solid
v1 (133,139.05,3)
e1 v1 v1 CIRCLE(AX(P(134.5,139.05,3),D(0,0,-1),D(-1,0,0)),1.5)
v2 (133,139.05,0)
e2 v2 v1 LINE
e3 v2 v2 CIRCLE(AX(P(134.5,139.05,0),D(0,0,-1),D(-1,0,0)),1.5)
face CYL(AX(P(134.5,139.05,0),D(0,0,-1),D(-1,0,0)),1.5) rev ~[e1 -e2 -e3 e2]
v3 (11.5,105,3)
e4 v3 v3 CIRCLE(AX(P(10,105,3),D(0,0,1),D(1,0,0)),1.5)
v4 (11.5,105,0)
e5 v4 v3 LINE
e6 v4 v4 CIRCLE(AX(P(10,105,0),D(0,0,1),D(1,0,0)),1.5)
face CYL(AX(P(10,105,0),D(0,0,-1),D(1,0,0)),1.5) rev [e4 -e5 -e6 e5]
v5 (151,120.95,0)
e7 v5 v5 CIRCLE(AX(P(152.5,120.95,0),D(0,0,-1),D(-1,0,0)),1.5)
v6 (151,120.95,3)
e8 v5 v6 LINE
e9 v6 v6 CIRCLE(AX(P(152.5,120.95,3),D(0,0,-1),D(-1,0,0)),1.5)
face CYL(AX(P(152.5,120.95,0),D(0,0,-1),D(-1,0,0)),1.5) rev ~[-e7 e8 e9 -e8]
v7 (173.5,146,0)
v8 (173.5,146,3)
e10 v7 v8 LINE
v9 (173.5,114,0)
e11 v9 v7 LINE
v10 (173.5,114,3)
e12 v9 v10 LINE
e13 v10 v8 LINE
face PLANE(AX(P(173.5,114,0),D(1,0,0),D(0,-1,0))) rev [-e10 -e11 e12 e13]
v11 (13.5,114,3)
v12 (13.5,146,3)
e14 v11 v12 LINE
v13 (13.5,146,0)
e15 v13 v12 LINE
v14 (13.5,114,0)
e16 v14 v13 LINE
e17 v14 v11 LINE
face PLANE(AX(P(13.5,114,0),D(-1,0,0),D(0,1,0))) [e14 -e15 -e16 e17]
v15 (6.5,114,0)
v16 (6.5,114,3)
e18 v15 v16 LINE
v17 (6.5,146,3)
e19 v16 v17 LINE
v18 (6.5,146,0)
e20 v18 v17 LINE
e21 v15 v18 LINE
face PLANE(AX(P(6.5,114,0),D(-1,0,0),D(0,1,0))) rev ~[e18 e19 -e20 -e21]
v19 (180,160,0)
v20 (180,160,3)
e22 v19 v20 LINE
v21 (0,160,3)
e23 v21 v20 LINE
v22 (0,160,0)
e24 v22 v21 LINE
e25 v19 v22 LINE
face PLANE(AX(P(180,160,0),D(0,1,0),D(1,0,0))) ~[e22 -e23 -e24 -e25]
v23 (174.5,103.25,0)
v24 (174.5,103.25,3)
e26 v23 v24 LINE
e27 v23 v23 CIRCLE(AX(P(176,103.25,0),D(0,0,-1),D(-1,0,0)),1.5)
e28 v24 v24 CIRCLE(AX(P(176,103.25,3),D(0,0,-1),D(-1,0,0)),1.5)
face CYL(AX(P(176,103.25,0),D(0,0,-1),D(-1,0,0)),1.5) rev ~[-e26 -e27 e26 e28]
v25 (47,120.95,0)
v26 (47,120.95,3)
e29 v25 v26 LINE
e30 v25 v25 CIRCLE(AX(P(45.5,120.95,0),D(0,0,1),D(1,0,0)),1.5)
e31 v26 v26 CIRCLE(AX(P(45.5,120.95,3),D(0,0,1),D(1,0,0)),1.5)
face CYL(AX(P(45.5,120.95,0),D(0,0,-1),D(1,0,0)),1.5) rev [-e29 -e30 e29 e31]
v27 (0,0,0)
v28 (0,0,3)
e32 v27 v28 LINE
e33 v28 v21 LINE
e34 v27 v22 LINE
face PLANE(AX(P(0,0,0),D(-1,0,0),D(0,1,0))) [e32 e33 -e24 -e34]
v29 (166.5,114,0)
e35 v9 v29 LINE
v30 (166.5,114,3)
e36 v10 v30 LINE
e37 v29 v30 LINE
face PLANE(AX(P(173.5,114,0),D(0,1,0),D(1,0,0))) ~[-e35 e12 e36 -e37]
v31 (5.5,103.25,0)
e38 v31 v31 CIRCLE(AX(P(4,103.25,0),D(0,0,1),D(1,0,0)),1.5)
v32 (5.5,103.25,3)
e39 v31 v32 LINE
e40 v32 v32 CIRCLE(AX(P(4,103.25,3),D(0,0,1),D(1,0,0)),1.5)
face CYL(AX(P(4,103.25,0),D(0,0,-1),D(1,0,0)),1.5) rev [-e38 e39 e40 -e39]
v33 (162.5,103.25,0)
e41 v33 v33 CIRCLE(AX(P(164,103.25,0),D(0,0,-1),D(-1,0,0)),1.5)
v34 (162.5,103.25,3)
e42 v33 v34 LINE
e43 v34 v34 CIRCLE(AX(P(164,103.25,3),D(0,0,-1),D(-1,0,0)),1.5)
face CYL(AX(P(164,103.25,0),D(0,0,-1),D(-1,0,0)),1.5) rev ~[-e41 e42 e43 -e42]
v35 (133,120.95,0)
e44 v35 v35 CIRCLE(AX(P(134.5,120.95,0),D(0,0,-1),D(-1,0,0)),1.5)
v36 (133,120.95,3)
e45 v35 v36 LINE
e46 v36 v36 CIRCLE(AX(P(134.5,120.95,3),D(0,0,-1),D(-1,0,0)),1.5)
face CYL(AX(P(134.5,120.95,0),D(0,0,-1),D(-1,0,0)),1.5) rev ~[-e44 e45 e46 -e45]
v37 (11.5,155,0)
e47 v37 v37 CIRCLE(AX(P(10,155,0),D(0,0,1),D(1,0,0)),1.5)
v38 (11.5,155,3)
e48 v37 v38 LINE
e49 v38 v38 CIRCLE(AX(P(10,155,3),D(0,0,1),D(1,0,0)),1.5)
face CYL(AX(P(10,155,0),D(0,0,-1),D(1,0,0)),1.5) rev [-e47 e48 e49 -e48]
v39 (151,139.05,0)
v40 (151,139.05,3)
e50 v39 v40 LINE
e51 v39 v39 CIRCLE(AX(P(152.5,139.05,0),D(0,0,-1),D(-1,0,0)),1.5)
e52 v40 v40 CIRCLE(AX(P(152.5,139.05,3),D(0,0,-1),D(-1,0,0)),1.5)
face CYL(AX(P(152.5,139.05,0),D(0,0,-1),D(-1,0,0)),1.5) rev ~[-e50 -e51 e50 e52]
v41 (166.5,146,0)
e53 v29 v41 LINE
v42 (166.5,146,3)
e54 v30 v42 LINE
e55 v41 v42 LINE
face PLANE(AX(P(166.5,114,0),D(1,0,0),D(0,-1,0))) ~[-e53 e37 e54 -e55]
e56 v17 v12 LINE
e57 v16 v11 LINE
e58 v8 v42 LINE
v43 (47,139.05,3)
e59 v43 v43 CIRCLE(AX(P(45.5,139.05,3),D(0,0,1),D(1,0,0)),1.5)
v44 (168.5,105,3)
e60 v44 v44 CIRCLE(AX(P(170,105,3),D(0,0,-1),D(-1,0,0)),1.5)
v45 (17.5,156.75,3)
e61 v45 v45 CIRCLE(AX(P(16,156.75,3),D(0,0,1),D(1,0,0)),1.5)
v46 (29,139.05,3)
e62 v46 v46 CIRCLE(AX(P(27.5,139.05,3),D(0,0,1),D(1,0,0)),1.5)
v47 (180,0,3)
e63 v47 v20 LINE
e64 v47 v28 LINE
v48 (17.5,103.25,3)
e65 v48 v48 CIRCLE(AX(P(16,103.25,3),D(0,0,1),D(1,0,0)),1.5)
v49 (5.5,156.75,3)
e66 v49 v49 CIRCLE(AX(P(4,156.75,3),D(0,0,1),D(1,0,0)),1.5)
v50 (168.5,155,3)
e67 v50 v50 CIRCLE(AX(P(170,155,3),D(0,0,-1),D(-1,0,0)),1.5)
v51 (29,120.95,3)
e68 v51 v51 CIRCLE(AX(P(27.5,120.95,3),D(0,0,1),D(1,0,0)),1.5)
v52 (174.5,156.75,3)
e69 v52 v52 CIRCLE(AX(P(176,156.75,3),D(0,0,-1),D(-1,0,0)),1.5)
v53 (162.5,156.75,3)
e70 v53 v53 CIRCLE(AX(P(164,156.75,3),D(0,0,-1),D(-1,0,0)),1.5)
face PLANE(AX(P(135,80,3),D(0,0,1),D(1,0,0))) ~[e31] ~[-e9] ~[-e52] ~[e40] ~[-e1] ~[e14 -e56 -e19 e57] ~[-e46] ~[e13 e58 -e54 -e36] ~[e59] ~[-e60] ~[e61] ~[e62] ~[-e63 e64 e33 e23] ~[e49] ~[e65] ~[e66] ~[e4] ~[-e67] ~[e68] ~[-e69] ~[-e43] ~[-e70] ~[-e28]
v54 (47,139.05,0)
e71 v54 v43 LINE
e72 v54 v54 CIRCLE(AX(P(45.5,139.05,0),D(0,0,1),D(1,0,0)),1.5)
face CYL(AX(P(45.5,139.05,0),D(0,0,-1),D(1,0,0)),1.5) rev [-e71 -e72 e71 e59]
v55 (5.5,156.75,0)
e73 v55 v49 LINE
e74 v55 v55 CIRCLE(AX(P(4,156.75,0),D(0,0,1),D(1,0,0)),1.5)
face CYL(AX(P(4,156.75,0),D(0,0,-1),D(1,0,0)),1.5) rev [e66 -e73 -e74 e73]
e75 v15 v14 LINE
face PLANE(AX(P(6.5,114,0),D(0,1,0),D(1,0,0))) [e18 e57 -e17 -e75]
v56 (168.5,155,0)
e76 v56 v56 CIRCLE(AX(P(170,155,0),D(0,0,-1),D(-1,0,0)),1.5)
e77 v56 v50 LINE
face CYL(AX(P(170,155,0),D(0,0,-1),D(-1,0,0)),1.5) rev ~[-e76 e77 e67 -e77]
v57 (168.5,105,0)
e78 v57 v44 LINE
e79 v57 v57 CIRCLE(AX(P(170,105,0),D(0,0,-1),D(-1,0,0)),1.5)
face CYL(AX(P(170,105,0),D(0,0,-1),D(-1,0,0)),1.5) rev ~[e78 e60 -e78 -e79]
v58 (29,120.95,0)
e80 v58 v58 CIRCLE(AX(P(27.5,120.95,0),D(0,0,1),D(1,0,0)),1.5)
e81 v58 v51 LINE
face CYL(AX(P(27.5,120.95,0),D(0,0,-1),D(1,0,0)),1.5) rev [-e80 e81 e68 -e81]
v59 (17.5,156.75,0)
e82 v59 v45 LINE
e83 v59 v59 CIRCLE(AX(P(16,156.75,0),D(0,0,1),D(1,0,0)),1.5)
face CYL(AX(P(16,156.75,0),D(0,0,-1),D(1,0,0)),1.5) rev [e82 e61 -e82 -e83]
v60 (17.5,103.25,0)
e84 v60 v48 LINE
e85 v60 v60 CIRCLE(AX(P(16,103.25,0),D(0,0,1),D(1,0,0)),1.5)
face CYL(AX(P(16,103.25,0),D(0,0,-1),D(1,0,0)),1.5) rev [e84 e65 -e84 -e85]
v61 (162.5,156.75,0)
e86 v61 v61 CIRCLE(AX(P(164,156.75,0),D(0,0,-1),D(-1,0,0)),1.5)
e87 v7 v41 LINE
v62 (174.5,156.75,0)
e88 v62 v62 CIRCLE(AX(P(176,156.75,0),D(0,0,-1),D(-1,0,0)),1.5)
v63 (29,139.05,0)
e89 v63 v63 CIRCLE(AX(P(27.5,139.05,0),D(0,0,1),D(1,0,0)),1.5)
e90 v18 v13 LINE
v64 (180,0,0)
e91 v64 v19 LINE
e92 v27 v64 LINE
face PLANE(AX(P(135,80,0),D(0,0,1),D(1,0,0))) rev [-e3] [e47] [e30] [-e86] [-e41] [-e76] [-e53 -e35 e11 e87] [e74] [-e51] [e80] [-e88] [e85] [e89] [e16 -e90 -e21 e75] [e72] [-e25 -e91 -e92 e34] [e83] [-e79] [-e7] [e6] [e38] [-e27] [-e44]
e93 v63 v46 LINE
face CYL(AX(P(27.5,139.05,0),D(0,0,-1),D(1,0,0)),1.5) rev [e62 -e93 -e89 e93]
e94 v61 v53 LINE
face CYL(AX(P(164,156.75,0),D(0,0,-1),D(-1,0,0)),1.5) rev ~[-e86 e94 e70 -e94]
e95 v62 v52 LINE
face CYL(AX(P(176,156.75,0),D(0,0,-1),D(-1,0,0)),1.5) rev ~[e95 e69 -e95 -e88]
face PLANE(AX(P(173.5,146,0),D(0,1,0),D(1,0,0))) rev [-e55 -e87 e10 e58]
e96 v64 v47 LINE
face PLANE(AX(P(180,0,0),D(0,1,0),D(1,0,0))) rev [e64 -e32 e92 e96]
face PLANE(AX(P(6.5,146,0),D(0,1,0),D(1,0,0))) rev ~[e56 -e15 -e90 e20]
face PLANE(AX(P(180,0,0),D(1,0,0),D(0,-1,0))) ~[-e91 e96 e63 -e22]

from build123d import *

# Parameters (mm, degrees)
SKETCH_W   = 90
SKETCH_H   = 160
SKETCH_R   = 1.5
SKETCH_W_2 = 7
SKETCH_H_2 = 32
PAD_DEPTH  = 3


with BuildPart() as part:
    # Sketch → Pad (new body)
    with BuildSketch(Plane.XY):
        with Locations((45, 80)):
            Rectangle(SKETCH_W, SKETCH_H)
        with Locations((10, 155)):
            Circle(SKETCH_R, mode=Mode.SUBTRACT)
        with Locations((10, 105)):
            Circle(SKETCH_R, mode=Mode.SUBTRACT)
        with Locations((27.5, 139.05)):
            Circle(SKETCH_R, mode=Mode.SUBTRACT)
        with Locations((45.5, 139.05)):
            Circle(SKETCH_R, mode=Mode.SUBTRACT)
        with Locations((27.5, 120.95)):
            Circle(SKETCH_R, mode=Mode.SUBTRACT)
        with Locations((45.5, 120.95)):
            Circle(SKETCH_R, mode=Mode.SUBTRACT)
        with Locations((4, 156.75)):
            Circle(SKETCH_R, mode=Mode.SUBTRACT)
        with Locations((16, 156.75)):
            Circle(SKETCH_R, mode=Mode.SUBTRACT)
        with Locations((4, 103.25)):
            Circle(SKETCH_R, mode=Mode.SUBTRACT)
        with Locations((16, 103.25)):
            Circle(SKETCH_R, mode=Mode.SUBTRACT)
        with Locations((10, 130)):
            Rectangle(SKETCH_W_2, SKETCH_H_2, mode=Mode.SUBTRACT)
    pad = extrude(amount=PAD_DEPTH)

    # Mirrored: Pad across face of Pad
    add(pad.mirror(Plane(origin=(90, 80, 1.5), x_dir=(0, 1, 0), z_dir=(1, 0, 0))))


solid = part.part
